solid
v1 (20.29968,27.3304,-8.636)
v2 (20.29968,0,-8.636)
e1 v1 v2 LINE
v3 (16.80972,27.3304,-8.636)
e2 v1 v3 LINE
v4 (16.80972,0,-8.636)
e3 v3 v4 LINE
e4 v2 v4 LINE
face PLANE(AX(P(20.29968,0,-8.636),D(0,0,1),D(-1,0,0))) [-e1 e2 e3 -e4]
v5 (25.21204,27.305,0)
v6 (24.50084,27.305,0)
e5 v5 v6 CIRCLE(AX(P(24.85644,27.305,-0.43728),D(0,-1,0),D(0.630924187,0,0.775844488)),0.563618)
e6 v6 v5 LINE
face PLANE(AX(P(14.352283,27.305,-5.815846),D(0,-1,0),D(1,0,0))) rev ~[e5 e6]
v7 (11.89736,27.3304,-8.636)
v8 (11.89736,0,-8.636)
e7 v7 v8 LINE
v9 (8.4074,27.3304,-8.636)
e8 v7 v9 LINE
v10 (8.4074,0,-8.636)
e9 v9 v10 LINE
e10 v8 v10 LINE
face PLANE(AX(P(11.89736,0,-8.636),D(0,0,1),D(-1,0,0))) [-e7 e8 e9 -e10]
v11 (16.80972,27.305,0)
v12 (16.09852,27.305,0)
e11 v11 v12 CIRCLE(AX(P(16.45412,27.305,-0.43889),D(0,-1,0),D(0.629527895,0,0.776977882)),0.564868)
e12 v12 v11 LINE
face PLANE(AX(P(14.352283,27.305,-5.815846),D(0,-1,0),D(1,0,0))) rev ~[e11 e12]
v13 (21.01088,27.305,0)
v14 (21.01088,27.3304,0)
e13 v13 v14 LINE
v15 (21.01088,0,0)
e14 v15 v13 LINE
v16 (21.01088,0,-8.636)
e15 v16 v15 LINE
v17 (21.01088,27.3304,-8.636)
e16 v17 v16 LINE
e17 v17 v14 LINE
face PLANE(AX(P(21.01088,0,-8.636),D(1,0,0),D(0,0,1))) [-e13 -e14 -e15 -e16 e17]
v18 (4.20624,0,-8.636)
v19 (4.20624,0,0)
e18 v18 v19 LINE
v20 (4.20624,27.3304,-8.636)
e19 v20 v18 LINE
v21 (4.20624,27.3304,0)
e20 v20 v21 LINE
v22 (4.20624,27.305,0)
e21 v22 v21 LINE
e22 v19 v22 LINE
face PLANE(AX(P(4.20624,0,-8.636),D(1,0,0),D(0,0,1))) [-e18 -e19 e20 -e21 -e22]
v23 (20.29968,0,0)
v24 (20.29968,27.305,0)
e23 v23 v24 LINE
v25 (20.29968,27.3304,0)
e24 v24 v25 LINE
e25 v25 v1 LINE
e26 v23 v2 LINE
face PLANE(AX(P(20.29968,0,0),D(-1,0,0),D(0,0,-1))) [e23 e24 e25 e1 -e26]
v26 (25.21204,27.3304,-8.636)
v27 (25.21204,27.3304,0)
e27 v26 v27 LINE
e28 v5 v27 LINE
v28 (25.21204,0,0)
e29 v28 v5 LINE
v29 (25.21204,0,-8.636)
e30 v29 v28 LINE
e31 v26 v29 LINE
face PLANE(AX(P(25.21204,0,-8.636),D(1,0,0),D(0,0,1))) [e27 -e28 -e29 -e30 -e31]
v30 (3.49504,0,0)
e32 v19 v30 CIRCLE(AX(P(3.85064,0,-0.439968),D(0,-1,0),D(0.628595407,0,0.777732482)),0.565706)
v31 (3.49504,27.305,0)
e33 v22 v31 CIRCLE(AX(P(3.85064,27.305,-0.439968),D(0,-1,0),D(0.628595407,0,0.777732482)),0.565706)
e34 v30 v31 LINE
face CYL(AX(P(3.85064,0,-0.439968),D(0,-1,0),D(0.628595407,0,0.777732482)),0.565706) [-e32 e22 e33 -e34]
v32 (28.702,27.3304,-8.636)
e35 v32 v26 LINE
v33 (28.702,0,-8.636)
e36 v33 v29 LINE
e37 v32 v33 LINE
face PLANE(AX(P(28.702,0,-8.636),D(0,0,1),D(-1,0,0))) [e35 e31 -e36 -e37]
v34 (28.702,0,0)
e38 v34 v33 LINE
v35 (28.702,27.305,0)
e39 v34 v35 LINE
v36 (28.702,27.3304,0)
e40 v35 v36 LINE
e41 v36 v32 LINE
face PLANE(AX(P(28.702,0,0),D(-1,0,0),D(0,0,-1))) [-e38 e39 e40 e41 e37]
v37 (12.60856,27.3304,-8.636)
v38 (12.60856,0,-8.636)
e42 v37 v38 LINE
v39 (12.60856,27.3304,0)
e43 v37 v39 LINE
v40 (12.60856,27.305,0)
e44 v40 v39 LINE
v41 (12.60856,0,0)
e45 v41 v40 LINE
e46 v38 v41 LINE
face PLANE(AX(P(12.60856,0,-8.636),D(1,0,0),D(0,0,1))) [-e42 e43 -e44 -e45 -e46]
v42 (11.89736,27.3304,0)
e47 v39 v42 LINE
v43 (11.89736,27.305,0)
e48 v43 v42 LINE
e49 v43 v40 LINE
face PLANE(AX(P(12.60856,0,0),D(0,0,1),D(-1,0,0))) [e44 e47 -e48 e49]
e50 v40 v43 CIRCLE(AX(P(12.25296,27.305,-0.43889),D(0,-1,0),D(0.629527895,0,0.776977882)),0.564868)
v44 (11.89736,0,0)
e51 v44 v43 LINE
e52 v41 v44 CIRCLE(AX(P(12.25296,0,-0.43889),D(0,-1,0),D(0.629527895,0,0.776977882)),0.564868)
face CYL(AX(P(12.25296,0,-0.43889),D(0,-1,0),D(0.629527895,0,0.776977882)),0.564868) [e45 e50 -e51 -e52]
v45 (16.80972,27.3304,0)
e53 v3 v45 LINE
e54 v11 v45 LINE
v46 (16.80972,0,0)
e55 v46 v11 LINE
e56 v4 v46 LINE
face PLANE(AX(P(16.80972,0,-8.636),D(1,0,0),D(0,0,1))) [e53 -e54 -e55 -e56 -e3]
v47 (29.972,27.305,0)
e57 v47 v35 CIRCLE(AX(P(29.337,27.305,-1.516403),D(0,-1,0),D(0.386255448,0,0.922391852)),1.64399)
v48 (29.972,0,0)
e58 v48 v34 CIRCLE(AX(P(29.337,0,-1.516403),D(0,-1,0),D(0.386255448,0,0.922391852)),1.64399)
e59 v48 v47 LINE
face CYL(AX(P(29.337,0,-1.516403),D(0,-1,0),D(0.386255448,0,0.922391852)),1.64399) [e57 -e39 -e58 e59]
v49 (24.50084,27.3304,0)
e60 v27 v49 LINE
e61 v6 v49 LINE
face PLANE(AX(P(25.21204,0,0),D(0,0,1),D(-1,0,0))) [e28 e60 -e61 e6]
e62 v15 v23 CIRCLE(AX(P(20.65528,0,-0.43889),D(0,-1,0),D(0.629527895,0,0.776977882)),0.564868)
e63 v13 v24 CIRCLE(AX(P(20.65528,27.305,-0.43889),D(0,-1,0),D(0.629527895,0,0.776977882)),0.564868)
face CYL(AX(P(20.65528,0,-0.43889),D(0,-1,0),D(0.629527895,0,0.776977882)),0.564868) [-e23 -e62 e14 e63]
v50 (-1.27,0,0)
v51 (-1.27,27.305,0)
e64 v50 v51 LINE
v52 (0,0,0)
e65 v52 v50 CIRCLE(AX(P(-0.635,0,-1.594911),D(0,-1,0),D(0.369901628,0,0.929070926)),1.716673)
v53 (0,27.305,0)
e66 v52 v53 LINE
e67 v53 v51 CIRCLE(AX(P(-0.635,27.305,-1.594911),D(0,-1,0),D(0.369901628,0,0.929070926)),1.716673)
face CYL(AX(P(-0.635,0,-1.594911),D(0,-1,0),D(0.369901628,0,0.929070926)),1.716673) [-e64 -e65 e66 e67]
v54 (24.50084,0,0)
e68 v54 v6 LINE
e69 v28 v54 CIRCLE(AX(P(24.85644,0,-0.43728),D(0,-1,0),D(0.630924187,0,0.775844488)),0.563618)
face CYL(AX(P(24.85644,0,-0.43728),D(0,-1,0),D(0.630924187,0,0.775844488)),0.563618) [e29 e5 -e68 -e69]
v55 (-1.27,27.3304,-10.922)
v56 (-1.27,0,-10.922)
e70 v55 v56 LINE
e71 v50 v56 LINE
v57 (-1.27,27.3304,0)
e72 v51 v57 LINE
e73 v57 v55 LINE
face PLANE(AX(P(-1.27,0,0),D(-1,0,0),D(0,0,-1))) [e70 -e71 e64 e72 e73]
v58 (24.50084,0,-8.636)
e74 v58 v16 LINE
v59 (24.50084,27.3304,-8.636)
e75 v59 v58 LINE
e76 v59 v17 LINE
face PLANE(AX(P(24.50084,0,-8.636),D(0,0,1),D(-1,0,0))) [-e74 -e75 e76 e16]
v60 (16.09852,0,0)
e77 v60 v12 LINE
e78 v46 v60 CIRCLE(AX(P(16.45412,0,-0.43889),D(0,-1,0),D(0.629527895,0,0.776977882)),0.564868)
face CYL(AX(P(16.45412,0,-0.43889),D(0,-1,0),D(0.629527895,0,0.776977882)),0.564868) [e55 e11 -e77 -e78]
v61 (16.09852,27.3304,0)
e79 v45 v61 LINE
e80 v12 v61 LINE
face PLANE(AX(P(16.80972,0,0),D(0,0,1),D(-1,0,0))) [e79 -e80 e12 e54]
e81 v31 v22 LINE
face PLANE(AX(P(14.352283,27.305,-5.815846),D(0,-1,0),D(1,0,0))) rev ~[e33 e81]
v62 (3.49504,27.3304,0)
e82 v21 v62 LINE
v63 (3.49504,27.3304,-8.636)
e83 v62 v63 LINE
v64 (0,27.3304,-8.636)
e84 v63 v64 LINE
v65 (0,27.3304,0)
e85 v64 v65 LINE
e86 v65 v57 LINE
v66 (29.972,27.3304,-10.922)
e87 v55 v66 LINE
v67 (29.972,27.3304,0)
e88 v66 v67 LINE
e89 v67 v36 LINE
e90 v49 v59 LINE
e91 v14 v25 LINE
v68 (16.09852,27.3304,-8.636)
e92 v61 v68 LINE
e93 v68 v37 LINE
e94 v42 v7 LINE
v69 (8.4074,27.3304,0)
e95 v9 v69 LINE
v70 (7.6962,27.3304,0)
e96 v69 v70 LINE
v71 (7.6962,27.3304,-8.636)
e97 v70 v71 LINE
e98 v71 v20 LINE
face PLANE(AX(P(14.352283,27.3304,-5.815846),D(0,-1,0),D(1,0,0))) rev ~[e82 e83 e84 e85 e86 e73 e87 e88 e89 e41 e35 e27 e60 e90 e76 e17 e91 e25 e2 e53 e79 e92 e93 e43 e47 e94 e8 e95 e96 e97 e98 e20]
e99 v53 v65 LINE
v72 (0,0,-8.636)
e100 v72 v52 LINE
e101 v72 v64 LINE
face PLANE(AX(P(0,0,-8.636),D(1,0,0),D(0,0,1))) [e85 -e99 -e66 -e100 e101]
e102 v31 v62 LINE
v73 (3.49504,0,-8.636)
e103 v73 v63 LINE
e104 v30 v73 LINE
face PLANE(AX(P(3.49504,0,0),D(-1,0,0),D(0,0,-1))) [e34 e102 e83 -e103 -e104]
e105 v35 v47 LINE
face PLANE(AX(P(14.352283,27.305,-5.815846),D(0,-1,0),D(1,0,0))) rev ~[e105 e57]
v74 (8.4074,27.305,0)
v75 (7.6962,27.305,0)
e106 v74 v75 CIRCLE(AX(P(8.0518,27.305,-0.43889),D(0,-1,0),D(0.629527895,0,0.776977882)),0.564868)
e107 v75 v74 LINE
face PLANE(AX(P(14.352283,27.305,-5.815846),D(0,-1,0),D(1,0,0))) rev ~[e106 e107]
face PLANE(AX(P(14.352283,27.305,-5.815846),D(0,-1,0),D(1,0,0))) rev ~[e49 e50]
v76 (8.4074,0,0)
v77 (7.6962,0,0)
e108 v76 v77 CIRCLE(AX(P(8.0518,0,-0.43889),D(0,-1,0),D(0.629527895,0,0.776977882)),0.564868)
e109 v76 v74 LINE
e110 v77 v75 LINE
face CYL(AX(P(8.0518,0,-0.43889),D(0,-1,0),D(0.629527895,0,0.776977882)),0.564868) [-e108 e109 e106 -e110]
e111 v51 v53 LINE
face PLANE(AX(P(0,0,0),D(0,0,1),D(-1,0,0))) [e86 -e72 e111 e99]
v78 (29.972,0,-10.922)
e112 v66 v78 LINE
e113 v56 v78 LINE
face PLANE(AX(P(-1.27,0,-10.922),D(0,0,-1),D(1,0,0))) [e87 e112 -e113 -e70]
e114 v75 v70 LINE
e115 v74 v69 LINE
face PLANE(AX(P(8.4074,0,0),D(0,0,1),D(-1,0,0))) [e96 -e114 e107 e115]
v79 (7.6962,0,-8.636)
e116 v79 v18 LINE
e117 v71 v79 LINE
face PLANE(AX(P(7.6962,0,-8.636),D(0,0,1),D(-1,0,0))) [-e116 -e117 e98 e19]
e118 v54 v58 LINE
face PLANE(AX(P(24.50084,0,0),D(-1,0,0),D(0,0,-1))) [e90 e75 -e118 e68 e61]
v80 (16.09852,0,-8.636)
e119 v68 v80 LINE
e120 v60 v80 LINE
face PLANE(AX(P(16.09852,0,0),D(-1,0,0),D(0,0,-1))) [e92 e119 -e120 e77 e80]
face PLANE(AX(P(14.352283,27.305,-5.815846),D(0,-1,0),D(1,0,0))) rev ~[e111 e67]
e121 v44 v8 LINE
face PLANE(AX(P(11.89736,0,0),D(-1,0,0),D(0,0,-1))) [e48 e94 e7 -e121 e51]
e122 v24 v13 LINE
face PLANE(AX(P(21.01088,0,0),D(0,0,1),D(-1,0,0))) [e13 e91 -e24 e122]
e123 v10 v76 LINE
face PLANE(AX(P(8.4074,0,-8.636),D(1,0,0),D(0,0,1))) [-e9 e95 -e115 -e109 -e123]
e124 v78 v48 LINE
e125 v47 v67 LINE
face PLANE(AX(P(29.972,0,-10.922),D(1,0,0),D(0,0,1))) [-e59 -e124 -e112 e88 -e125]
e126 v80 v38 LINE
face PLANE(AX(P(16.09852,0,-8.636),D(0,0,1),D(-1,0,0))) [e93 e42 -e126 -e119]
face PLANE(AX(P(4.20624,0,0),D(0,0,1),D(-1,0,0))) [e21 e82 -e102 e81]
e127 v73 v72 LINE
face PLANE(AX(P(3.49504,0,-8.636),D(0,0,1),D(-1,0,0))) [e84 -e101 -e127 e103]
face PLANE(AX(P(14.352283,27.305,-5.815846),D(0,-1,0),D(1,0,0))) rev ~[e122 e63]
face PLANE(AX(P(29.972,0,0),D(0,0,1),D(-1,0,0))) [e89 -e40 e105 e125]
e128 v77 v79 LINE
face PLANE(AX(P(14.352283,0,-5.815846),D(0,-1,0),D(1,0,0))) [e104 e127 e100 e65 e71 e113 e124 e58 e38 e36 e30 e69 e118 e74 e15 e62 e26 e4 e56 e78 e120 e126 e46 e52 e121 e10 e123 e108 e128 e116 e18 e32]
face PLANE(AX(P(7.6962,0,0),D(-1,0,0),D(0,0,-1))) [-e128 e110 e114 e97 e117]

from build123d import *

# Parameters (mm, degrees)
F1_DEPTH = 27.3304
F2_DEPTH = 27.305


with BuildPart() as f1:
    # F0 (on Front) → F1 (new body)
    with BuildSketch(Plane.XZ):
        Polygon((0, -8.636), (0, 0), (-1.27, 0), (-1.27, -10.922), (29.972, -10.922), (29.972, 0), (28.702, 0), (28.702, -8.636), (25.21204, -8.636), (25.21204, 0), (24.50084, 0), (24.50084, -8.636), (21.01088, -8.636), (21.01088, 0), (20.29968, 0), (20.29968, -8.636), (16.80972, -8.636), (16.80972, 0), (16.09852, 0), (16.09852, -8.636), (12.60856, -8.636), (12.60856, 0), (11.89736, 0), (11.89736, -8.636), (8.4074, -8.636), (8.4074, 0), (7.6962, 0), (7.6962, -8.636), (4.20624, -8.636), (4.20624, 0), (3.49504, 0), (3.49504, -8.636), align=None)
    extrude(amount=-F1_DEPTH)

    # F0 (on Front) → F2 (join)
    with BuildSketch(Plane.XZ):
        Polygon((0, -8.636), (0, 0), (-1.27, 0), (-1.27, -10.922), (29.972, -10.922), (29.972, 0), (28.702, 0), (28.702, -8.636), (25.21204, -8.636), (25.21204, 0), (24.50084, 0), (24.50084, -8.636), (21.01088, -8.636), (21.01088, 0), (20.29968, 0), (20.29968, -8.636), (16.80972, -8.636), (16.80972, 0), (16.09852, 0), (16.09852, -8.636), (12.60856, -8.636), (12.60856, 0), (11.89736, 0), (11.89736, -8.636), (8.4074, -8.636), (8.4074, 0), (7.6962, 0), (7.6962, -8.636), (4.20624, -8.636), (4.20624, 0), (3.49504, 0), (3.49504, -8.636), align=None)
        with BuildLine():
            Line((-1.27, 0), (0, 0))
            ThreePointArc((0, 0), (-0.635, 0.121762), (-1.27, 0))
        make_face()
        with BuildLine():
            ThreePointArc((4.20624, 0), (3.85064, 0.125738), (3.49504, 0))
            Line((3.49504, 0), (4.20624, 0))
        make_face()
        with BuildLine():
            Line((28.702, 0), (29.972, 0))
            ThreePointArc((29.972, 0), (29.337, 0.127587), (28.702, 0))
        make_face()
        with BuildLine():
            ThreePointArc((8.4074, 0), (8.0518, 0.125978), (7.6962, 0))
            Line((7.6962, 0), (8.4074, 0))
        make_face()
        with BuildLine():
            Line((24.50084, 0), (25.21204, 0))
            ThreePointArc((25.21204, 0), (24.85644, 0.126338), (24.50084, 0))
        make_face()
        with BuildLine():
            ThreePointArc((12.60856, 0), (12.25296, 0.125978), (11.89736, 0))
            Line((11.89736, 0), (12.60856, 0))
        make_face()
        with BuildLine():
            Line((20.29968, 0), (21.01088, 0))
            ThreePointArc((21.01088, 0), (20.65528, 0.125978), (20.29968, 0))
        make_face()
        with BuildLine():
            ThreePointArc((16.80972, 0), (16.45412, 0.125978), (16.09852, 0))
            Line((16.09852, 0), (16.80972, 0))
        make_face()
    extrude(amount=-F2_DEPTH)


solid = f1.part
